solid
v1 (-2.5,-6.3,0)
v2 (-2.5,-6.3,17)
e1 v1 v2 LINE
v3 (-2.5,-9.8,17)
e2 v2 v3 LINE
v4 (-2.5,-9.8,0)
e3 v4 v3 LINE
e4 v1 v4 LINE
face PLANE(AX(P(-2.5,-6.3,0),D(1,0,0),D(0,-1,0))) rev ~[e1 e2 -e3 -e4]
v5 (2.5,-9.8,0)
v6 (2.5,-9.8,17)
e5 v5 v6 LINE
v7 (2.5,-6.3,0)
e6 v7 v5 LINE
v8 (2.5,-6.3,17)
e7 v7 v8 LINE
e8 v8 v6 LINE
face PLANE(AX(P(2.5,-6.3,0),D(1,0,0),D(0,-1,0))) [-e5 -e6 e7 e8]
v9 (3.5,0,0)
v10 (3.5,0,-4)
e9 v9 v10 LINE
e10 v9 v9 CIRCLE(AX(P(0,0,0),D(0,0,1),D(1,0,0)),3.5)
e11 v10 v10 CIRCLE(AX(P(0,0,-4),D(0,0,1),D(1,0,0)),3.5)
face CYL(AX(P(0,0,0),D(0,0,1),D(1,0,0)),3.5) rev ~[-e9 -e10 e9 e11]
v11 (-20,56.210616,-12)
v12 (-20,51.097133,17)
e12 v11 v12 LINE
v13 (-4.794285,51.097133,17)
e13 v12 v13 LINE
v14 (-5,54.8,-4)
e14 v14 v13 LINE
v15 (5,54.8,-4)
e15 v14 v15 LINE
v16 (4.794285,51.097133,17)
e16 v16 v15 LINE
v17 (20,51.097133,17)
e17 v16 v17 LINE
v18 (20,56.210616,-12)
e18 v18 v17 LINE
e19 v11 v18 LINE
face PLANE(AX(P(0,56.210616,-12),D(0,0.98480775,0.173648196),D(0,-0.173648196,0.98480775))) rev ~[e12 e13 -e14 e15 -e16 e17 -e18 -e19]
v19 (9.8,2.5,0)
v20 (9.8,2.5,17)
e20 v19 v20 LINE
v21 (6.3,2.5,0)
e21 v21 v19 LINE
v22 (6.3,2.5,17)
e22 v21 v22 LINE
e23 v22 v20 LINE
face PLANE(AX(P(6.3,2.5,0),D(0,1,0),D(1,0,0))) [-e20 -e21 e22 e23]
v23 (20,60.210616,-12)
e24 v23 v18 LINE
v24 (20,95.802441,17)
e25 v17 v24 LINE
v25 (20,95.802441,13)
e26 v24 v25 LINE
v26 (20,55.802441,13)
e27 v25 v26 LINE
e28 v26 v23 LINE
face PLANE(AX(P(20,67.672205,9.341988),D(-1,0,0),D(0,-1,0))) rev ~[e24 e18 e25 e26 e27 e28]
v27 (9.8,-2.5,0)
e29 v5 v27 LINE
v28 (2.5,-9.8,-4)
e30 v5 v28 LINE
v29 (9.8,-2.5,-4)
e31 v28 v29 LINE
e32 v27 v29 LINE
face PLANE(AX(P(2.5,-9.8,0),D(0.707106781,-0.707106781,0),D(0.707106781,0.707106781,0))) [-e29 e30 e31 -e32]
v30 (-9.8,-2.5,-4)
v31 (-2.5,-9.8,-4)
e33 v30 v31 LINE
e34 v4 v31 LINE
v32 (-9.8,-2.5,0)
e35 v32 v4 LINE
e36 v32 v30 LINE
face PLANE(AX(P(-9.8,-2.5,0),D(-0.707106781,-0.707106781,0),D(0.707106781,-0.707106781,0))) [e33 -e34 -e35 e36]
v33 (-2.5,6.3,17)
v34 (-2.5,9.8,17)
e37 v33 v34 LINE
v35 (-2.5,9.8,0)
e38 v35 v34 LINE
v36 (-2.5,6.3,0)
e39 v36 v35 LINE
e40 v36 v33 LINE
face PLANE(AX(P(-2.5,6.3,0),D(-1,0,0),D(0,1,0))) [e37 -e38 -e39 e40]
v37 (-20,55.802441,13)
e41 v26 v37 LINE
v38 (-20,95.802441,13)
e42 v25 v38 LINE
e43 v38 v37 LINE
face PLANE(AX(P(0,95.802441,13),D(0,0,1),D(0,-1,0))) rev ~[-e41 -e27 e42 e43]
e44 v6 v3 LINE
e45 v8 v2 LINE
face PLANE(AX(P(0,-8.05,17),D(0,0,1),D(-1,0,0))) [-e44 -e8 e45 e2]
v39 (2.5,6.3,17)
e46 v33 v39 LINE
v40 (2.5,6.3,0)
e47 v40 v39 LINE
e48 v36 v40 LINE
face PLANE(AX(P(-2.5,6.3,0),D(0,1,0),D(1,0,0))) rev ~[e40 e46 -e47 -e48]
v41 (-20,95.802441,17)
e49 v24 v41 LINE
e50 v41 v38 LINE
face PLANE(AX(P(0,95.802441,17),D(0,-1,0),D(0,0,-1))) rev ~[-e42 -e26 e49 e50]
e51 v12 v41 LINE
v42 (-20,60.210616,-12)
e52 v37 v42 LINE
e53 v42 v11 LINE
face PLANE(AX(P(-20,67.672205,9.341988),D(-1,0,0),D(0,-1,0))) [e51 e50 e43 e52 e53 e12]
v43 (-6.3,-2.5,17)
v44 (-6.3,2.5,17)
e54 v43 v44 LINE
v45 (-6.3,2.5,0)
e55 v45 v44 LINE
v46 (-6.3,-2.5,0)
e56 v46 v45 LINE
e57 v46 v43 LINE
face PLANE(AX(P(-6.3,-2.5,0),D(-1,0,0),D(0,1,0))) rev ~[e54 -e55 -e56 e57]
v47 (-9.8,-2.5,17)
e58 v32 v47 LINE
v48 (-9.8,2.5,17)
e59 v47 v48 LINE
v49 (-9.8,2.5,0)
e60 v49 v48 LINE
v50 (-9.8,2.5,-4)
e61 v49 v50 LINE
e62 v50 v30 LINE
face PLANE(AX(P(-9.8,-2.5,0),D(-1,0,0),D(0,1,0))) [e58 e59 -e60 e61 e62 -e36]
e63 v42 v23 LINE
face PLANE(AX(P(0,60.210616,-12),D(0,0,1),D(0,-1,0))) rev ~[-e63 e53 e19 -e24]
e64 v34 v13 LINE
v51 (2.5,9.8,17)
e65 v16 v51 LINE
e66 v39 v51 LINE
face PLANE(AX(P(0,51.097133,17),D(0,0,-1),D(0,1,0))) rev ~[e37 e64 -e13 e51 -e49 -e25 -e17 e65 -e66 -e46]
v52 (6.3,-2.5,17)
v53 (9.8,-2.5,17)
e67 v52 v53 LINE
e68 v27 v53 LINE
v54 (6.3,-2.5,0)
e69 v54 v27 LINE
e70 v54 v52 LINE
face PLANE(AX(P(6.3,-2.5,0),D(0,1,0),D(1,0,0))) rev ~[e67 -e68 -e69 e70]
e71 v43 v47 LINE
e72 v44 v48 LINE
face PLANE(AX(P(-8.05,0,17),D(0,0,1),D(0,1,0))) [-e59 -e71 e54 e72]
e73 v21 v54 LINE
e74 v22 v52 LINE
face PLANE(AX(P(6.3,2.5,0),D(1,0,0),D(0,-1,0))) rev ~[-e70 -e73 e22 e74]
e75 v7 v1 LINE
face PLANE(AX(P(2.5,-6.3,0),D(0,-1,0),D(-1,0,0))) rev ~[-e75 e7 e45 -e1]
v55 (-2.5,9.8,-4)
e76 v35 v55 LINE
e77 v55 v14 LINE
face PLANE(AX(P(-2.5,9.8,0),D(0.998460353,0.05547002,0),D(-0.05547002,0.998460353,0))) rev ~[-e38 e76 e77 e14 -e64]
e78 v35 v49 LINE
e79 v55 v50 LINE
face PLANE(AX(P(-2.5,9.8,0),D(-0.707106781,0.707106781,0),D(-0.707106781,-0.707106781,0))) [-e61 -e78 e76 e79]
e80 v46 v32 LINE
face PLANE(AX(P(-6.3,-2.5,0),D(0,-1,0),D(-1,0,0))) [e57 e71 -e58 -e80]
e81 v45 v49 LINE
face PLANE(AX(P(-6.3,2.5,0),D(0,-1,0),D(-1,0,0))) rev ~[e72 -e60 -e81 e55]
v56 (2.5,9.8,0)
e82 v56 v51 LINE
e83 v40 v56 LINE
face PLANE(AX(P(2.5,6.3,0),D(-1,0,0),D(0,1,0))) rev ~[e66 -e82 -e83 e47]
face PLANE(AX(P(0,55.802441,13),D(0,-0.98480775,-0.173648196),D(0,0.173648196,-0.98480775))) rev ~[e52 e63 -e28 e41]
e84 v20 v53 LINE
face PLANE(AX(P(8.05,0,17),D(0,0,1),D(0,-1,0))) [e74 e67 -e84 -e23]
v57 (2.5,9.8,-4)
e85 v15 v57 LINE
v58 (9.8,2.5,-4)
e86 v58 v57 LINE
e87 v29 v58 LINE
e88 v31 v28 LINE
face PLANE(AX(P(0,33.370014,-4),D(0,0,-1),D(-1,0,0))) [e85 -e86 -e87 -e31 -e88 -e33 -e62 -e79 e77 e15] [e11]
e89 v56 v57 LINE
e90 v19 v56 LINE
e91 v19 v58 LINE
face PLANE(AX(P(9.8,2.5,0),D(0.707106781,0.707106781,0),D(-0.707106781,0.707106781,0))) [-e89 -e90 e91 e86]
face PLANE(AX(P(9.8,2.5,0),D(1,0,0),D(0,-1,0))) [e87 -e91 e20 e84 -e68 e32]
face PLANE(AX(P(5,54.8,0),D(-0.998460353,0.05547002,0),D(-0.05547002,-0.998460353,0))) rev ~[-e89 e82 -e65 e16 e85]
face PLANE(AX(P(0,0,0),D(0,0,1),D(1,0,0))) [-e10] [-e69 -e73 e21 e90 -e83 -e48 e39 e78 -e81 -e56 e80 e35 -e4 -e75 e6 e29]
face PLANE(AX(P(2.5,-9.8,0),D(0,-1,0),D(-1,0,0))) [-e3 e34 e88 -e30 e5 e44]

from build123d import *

# Parameters (mm, degrees)
SKETCH_R           = 3.5
PAD_DEPTH          = 4
SKETCH001_W        = 5
SKETCH001_H        = 3.5
PAD001_DEPTH       = 17
POLARPATTERN_COUNT = 4
PAD002_DEPTH       = 17
PAD004_DEPTH       = 4
PAD005_DEPTH       = 20


with BuildPart() as part:
    # Sketch → Pad (new body)
    with BuildSketch(Plane.XY):
        Polygon((-9.8, 2.5), (-9.8, -2.5), (-2.5, -9.8), (2.5, -9.8), (9.8, -2.5), (9.8, 2.5), (2.5, 9.8), (-2.5, 9.8), align=None)
        Circle(SKETCH_R, mode=Mode.SUBTRACT)
    extrude(amount=-PAD_DEPTH)

    # Sketch001 → Pad001 (join)
    with BuildSketch(Plane.XY):
        with Locations((0, 8.05)):
            Rectangle(SKETCH001_W, SKETCH001_H)
    pad001 = extrude(amount=PAD001_DEPTH)

    # PolarPattern: Pad001 ×4 about axis
    polarpattern_axis = Axis((0, 0, 0), (0, 0, 1))
    for i in range(1, POLARPATTERN_COUNT):
        add(pad001.rotate(polarpattern_axis, i * 360 / POLARPATTERN_COUNT))

    # Sketch002 → Pad002 (join)
    with BuildSketch(Plane.XY):
        Polygon((-2.5, 9.8), (-5, 54.8), (5, 54.8), (2.5, 9.8), align=None)
    extrude(amount=PAD002_DEPTH)

    # Sketch002 → Pad004 (join)
    with BuildSketch(Plane.XY):
        Polygon((-2.5, 9.8), (-5, 54.8), (5, 54.8), (2.5, 9.8), align=None)
    extrude(amount=-PAD004_DEPTH)

    # Sketch003 → Pad005 (join, symmetric)
    with BuildSketch(Plane.YZ):
        Polygon((51.097133, 17), (95.802441, 17), (95.802441, 13), (55.802441, 13), (60.210616, -12), (56.210616, -12), align=None)
    extrude(amount=PAD005_DEPTH, both=True)


solid = part.part
